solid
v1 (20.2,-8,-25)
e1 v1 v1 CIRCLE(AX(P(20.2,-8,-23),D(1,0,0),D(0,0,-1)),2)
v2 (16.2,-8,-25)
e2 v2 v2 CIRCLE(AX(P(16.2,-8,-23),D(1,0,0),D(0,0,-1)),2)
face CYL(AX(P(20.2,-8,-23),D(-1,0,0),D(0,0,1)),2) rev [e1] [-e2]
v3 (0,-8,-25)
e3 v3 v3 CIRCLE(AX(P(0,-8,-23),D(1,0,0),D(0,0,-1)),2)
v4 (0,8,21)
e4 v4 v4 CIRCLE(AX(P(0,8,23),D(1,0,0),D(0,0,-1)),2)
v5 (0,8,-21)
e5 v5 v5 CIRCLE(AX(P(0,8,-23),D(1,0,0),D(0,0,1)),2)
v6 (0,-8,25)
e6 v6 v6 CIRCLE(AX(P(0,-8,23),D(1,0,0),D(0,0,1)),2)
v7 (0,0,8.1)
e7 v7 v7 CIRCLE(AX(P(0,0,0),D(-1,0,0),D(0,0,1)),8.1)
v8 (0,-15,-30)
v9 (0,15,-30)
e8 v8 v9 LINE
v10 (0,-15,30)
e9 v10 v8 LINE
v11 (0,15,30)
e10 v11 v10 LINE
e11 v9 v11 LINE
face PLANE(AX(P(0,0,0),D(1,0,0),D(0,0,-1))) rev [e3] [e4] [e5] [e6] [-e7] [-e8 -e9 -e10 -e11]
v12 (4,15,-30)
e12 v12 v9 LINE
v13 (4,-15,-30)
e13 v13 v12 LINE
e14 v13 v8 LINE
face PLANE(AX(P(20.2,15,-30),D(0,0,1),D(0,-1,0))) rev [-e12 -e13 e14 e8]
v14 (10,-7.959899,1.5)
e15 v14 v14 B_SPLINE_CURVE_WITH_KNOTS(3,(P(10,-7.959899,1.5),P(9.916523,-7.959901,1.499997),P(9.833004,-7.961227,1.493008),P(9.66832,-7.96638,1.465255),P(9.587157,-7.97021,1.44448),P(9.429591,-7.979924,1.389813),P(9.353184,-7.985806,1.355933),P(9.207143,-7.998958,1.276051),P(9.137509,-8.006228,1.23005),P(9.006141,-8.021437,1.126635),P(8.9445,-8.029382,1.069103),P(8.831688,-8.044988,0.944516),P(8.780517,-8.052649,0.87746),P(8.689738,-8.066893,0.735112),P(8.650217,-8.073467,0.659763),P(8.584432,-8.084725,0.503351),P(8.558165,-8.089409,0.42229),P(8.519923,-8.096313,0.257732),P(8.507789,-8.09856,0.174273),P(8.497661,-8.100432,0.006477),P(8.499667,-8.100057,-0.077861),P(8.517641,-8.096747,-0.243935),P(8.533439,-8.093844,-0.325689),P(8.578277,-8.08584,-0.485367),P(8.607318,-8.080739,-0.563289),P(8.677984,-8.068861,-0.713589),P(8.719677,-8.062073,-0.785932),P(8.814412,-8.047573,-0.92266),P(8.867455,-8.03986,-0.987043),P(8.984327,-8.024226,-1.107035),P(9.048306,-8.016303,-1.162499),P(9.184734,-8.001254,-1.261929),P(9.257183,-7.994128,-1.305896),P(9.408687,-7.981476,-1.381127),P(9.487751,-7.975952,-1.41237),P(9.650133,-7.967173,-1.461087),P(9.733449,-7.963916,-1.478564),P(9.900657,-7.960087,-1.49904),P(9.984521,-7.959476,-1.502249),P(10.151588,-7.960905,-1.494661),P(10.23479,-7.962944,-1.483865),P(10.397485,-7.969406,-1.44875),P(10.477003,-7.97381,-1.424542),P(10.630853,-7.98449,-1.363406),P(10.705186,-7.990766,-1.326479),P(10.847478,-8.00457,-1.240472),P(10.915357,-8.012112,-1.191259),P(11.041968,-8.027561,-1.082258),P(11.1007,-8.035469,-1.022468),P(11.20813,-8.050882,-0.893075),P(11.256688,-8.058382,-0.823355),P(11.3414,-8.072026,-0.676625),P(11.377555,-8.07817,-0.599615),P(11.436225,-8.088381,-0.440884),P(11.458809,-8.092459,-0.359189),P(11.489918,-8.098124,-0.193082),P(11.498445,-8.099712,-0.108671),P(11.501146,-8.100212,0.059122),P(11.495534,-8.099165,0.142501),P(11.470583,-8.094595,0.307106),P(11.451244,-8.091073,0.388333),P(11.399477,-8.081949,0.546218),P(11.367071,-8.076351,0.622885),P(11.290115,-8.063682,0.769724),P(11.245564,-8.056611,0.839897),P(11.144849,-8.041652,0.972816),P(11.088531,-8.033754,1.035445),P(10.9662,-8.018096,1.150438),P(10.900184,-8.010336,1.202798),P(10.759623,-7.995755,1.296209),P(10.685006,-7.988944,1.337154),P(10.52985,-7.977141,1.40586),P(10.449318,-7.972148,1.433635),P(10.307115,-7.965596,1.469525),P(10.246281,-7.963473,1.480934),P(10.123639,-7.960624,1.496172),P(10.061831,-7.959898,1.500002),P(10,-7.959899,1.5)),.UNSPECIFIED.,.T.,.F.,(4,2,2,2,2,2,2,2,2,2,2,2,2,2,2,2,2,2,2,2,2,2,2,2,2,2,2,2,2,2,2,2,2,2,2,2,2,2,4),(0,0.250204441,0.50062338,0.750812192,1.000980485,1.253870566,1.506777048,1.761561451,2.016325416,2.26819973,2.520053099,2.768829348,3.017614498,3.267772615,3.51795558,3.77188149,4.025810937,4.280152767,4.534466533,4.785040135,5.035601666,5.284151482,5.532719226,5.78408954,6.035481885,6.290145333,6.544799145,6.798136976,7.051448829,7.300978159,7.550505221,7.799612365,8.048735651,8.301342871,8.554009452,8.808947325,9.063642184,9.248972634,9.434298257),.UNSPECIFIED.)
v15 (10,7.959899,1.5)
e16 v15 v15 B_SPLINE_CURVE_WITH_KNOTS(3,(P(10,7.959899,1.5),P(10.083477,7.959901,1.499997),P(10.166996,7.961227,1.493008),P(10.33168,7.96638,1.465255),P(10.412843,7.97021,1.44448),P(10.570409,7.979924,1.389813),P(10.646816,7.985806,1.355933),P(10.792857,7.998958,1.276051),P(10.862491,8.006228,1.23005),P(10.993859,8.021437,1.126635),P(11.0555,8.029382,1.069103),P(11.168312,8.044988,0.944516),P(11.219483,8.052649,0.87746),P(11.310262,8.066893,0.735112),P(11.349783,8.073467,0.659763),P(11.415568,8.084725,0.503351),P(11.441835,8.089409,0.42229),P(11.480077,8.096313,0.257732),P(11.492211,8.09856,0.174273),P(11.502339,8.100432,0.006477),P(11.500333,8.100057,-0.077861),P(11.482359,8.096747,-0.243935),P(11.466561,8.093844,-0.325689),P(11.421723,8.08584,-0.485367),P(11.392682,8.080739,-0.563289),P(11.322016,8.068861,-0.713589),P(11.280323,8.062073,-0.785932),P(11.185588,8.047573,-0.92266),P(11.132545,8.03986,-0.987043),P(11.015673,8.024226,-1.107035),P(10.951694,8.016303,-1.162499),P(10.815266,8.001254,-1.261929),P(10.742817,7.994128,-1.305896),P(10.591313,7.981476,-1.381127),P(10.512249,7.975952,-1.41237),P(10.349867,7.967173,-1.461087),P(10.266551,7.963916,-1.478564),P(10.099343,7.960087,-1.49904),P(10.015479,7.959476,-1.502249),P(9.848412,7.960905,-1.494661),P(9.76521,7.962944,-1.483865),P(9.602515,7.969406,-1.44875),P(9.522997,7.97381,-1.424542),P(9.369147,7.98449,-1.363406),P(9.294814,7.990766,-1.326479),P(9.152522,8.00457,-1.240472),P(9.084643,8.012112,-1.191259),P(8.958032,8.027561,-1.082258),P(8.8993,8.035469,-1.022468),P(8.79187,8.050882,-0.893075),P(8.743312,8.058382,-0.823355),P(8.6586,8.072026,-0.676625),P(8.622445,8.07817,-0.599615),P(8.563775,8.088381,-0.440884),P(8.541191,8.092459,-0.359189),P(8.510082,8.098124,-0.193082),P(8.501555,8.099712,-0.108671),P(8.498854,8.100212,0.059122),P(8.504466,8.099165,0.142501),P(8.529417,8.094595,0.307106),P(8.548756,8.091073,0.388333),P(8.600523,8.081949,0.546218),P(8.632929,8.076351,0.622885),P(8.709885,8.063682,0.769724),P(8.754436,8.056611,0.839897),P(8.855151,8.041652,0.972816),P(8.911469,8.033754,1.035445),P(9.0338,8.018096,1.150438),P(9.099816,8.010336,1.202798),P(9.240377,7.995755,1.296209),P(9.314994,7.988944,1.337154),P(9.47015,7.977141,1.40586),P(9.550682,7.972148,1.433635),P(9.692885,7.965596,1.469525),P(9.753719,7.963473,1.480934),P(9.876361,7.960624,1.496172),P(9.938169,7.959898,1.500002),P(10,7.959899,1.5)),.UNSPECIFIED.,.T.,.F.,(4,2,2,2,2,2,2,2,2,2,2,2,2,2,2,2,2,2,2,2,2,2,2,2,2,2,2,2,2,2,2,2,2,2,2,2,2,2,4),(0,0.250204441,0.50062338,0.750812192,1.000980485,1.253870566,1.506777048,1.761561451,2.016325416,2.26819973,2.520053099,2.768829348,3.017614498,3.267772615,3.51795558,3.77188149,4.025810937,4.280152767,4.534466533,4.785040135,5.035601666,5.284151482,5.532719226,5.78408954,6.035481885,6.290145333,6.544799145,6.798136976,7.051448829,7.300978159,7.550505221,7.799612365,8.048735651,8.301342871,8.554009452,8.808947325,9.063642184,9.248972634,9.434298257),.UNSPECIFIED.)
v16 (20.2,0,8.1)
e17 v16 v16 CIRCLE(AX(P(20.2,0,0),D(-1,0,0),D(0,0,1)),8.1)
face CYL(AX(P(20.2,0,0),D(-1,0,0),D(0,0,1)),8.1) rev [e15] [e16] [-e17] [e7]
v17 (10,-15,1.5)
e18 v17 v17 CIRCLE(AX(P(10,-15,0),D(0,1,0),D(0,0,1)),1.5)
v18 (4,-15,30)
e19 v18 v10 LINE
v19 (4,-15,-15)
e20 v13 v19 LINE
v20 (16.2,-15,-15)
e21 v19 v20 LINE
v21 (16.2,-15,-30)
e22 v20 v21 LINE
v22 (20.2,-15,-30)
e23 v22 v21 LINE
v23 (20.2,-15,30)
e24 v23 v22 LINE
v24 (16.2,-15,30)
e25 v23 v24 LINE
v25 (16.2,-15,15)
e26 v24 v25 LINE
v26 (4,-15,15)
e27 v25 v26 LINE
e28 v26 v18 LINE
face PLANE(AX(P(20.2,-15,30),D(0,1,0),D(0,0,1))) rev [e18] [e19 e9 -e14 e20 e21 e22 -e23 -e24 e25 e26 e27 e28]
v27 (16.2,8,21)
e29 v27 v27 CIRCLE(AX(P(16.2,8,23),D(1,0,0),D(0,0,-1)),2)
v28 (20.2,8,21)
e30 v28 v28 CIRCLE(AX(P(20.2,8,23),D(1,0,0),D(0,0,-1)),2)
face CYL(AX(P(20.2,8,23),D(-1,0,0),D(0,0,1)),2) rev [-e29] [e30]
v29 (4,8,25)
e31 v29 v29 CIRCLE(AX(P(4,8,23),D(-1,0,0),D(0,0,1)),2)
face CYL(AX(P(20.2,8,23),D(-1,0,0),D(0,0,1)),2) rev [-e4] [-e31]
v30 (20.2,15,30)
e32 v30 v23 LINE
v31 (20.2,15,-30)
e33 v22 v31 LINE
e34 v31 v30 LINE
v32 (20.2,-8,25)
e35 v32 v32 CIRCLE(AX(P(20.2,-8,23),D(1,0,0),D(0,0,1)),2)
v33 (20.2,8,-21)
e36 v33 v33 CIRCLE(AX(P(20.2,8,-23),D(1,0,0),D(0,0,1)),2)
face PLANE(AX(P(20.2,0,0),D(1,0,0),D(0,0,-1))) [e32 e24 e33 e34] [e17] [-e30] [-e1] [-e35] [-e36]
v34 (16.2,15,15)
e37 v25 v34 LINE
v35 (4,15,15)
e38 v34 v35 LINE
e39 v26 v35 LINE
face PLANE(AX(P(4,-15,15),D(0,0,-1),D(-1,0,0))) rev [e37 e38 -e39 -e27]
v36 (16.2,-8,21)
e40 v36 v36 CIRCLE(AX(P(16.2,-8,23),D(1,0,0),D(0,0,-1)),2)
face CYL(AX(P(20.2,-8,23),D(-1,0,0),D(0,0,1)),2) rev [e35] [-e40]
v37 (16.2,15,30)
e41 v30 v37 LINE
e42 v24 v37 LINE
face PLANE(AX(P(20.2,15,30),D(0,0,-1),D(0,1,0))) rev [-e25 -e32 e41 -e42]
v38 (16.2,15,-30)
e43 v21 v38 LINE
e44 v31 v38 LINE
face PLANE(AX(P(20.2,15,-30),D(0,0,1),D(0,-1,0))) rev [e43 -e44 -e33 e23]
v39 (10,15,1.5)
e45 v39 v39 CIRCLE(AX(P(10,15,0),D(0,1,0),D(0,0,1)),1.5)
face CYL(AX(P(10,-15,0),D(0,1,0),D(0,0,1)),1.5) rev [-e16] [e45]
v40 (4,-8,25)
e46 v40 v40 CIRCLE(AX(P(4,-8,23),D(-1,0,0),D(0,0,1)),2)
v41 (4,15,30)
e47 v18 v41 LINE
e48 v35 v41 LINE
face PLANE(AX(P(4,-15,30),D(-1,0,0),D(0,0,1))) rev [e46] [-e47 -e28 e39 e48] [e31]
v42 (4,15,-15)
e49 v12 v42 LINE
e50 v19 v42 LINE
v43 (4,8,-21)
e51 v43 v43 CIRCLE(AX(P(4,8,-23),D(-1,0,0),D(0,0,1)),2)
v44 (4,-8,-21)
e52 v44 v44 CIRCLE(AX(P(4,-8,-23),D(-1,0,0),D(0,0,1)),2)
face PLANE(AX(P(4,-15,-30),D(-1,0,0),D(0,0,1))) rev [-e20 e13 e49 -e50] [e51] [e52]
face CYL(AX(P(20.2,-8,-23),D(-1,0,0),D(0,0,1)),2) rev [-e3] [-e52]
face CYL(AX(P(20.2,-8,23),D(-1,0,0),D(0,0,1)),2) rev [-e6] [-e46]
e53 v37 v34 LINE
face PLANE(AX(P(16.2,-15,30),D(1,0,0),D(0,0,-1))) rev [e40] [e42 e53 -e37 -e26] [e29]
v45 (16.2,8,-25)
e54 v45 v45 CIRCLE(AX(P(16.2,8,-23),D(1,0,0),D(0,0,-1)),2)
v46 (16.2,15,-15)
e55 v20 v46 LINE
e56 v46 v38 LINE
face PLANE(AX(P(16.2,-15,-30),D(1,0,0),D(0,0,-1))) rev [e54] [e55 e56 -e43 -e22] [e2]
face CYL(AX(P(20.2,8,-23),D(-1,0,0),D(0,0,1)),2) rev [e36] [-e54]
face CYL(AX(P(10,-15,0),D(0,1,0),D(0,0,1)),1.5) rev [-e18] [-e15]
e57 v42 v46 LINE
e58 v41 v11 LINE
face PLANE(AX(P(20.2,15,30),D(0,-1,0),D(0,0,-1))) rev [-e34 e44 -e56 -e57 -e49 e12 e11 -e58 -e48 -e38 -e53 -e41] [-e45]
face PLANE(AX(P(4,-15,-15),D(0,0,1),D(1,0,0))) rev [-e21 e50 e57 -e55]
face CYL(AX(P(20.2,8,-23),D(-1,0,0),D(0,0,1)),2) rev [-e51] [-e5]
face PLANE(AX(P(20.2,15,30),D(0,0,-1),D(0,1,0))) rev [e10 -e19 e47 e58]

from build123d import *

# Parameters (mm, degrees)
SKETCH_1_W          = 60
SKETCH_1_H          = 30
SKETCH_1_R          = 2
EXTRUDE_1_DEPTH     = 20.2
SKETCH_2_W          = 12.2
SKETCH_2_H          = 15
CUT_EXTRUDE_1_DEPTH = 47.989786124
SKETCH_3_R          = 8.1
CUT_EXTRUDE_2_DEPTH = 40.154054707
SKETCH_4_R          = 1.5
CUT_EXTRUDE_3_DEPTH = 47.989786124


with BuildPart() as part:
    # 스케치1 → 보스-돌출1 (new body)
    with BuildSketch(Plane(origin=(0, 0, 0), x_dir=(0, 0, -1), z_dir=(1, 0, 0))):
        Rectangle(SKETCH_1_W, SKETCH_1_H)
        with Locations((-23, 8)):
            Circle(SKETCH_1_R, mode=Mode.SUBTRACT)
        with Locations(Location((-23, -8, 0), (0, 0, 180))):
            Circle(SKETCH_1_R, mode=Mode.SUBTRACT)
        with Locations((23, -8)):
            Circle(SKETCH_1_R, mode=Mode.SUBTRACT)
        with Locations(Location((23, 8, 0), (0, 0, 180))):
            Circle(SKETCH_1_R, mode=Mode.SUBTRACT)
    extrude(amount=EXTRUDE_1_DEPTH)

    # 스케치2 → 컷-돌출1 (cut, through all)
    with BuildSketch(Plane(origin=(0, 15, 0), x_dir=(1, 0, 0), z_dir=(0, 1, 0))):
        with Locations((10.1, 22.5)):
            Rectangle(SKETCH_2_W, SKETCH_2_H)
        with Locations((10.1, -22.5)):
            Rectangle(SKETCH_2_W, SKETCH_2_H)
    extrude(amount=-CUT_EXTRUDE_1_DEPTH, mode=Mode.SUBTRACT)

    # 스케치3 → 컷-돌출2 (cut, through all)
    with BuildSketch(Plane.ZY):
        Circle(SKETCH_3_R)
    extrude(amount=-CUT_EXTRUDE_2_DEPTH, mode=Mode.SUBTRACT)

    # 스케치4 → 컷-돌출3 (cut, through all)
    with BuildSketch(Plane(origin=(0, 15, 0), x_dir=(1, 0, 0), z_dir=(0, 1, 0))):
        with Locations(Location((10, 0, 0), (0, 0, 270))):
            Circle(SKETCH_4_R)
    extrude(amount=-CUT_EXTRUDE_3_DEPTH, mode=Mode.SUBTRACT)


solid = part.part
